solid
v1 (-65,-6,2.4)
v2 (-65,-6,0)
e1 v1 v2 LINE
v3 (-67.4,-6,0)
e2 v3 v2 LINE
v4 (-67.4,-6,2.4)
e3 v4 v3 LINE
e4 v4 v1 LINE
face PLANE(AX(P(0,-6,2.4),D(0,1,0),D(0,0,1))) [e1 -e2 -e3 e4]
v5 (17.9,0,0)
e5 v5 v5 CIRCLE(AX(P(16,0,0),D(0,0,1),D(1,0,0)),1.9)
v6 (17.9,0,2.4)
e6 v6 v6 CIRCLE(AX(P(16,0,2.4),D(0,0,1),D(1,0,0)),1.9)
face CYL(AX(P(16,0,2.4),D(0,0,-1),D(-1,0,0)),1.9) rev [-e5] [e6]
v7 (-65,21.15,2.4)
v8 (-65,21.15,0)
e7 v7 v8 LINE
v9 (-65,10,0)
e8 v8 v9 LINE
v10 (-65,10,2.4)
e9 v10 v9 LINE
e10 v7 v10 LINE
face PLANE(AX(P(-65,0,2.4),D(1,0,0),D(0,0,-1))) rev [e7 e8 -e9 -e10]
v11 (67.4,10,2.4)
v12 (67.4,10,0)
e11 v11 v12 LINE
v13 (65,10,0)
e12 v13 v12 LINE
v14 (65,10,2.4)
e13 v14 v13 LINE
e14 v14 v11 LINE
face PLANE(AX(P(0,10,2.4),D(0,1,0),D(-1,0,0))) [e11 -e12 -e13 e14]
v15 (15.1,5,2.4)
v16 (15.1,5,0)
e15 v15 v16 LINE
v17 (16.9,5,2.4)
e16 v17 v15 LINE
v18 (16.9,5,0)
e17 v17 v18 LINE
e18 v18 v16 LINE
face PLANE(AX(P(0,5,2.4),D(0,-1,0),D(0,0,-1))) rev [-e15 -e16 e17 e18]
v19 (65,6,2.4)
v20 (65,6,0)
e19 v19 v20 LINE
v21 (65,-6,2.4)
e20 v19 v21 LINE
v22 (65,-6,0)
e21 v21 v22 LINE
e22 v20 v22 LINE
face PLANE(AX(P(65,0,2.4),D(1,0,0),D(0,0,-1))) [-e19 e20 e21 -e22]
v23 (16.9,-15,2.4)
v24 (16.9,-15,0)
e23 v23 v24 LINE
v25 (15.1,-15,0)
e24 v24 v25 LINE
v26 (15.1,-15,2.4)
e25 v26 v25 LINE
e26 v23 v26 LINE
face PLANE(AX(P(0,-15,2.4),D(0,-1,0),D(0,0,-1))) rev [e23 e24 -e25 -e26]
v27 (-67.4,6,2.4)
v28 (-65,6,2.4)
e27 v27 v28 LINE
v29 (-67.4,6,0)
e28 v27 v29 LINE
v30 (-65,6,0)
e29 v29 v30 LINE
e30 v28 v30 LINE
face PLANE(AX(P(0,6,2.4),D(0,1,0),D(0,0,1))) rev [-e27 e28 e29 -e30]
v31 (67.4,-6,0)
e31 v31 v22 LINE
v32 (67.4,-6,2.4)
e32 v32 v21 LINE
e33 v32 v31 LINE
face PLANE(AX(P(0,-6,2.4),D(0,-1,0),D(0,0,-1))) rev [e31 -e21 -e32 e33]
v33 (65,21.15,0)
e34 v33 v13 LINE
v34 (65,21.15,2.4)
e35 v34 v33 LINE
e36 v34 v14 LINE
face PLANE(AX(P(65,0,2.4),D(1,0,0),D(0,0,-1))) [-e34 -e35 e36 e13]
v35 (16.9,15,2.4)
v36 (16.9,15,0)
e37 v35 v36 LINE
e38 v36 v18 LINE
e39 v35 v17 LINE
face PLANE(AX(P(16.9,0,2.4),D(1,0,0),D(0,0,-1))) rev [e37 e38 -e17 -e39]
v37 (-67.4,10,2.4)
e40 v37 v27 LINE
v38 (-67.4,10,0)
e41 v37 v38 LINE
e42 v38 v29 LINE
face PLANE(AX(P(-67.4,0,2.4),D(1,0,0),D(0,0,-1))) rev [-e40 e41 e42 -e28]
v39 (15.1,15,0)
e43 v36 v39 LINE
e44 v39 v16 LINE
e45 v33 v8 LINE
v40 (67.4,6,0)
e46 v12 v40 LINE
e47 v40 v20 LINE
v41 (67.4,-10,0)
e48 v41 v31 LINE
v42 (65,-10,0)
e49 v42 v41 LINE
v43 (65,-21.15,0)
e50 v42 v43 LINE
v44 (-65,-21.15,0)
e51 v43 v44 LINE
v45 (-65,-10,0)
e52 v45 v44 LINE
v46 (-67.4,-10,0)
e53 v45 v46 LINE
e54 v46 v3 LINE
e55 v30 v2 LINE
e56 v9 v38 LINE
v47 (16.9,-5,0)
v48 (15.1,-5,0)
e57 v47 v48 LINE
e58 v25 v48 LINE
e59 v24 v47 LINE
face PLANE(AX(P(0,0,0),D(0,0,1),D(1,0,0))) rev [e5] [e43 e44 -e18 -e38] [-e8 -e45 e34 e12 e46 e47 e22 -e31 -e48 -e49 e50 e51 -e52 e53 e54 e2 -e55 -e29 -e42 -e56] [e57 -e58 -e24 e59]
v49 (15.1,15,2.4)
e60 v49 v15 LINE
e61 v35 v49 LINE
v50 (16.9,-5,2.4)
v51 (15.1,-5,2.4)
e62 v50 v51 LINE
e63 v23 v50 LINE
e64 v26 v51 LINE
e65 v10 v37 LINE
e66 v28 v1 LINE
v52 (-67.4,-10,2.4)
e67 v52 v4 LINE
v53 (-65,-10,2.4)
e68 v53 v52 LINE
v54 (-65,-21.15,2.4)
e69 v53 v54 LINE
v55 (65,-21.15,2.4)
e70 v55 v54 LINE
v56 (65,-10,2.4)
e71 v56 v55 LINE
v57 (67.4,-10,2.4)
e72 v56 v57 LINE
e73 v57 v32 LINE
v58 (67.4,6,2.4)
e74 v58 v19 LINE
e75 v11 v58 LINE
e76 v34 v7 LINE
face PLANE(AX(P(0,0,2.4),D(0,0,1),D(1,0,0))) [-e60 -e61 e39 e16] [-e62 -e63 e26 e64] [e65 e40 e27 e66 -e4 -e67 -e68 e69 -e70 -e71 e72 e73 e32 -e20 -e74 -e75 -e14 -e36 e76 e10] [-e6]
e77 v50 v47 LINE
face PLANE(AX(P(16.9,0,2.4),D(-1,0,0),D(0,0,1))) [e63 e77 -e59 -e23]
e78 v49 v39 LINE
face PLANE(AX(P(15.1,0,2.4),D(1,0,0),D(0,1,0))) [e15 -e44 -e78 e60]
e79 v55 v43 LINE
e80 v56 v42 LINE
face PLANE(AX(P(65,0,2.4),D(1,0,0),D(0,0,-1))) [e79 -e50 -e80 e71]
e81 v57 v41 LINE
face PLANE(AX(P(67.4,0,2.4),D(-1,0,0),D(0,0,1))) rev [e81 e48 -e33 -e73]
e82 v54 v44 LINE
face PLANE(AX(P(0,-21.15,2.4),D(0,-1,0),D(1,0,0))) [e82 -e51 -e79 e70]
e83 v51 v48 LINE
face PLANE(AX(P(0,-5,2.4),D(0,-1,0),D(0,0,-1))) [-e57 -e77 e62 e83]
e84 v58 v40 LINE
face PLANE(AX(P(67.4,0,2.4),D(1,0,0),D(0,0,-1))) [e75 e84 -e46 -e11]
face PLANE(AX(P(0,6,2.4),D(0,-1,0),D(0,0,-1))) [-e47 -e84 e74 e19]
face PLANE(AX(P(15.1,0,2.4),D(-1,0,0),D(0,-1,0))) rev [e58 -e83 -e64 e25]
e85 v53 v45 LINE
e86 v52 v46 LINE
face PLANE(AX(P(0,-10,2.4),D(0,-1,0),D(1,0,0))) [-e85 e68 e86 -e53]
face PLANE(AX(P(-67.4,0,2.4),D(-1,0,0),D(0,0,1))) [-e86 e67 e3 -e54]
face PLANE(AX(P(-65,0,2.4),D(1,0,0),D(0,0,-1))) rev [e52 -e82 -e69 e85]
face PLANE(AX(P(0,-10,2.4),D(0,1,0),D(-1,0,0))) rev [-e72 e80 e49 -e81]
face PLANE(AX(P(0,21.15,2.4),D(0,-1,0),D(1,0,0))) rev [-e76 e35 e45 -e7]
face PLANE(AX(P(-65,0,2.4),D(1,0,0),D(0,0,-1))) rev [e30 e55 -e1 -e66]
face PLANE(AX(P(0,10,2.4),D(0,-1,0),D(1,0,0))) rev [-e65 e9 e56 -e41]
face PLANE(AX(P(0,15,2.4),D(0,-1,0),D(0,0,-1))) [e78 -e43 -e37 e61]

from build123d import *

# Parameters (mm, degrees)
SKETCH1_W           = 1.8
SKETCH1_H           = 10
SKETCH1_R           = 1.9
BOSS_EXTRUDE1_DEPTH = 2.4


with BuildPart() as part:
    # Sketch1 → Boss-Extrude1 (new body)
    with BuildSketch(Plane.XY):
        Polygon((65, 21.15), (-65, 21.15), (-65, 10), (-67.4, 10), (-67.4, 6), (-65, 6), (-65, -6), (-67.4, -6), (-67.4, -10), (-65, -10), (-65, -21.15), (65, -21.15), (65, -10), (67.4, -10), (67.4, -6), (65, -6), (65, 6), (67.4, 6), (67.4, 10), (65, 10), align=None)
        with Locations((16, -10)):
            Rectangle(SKETCH1_W, SKETCH1_H, mode=Mode.SUBTRACT)
        with Locations((16, 0)):
            Circle(SKETCH1_R, mode=Mode.SUBTRACT)
        Polygon((16.9, 5), (16, 5), (15.1, 5), (15.1, 15), (16.9, 15), align=None, mode=Mode.SUBTRACT)
    extrude(amount=BOSS_EXTRUDE1_DEPTH)


solid = part.part
